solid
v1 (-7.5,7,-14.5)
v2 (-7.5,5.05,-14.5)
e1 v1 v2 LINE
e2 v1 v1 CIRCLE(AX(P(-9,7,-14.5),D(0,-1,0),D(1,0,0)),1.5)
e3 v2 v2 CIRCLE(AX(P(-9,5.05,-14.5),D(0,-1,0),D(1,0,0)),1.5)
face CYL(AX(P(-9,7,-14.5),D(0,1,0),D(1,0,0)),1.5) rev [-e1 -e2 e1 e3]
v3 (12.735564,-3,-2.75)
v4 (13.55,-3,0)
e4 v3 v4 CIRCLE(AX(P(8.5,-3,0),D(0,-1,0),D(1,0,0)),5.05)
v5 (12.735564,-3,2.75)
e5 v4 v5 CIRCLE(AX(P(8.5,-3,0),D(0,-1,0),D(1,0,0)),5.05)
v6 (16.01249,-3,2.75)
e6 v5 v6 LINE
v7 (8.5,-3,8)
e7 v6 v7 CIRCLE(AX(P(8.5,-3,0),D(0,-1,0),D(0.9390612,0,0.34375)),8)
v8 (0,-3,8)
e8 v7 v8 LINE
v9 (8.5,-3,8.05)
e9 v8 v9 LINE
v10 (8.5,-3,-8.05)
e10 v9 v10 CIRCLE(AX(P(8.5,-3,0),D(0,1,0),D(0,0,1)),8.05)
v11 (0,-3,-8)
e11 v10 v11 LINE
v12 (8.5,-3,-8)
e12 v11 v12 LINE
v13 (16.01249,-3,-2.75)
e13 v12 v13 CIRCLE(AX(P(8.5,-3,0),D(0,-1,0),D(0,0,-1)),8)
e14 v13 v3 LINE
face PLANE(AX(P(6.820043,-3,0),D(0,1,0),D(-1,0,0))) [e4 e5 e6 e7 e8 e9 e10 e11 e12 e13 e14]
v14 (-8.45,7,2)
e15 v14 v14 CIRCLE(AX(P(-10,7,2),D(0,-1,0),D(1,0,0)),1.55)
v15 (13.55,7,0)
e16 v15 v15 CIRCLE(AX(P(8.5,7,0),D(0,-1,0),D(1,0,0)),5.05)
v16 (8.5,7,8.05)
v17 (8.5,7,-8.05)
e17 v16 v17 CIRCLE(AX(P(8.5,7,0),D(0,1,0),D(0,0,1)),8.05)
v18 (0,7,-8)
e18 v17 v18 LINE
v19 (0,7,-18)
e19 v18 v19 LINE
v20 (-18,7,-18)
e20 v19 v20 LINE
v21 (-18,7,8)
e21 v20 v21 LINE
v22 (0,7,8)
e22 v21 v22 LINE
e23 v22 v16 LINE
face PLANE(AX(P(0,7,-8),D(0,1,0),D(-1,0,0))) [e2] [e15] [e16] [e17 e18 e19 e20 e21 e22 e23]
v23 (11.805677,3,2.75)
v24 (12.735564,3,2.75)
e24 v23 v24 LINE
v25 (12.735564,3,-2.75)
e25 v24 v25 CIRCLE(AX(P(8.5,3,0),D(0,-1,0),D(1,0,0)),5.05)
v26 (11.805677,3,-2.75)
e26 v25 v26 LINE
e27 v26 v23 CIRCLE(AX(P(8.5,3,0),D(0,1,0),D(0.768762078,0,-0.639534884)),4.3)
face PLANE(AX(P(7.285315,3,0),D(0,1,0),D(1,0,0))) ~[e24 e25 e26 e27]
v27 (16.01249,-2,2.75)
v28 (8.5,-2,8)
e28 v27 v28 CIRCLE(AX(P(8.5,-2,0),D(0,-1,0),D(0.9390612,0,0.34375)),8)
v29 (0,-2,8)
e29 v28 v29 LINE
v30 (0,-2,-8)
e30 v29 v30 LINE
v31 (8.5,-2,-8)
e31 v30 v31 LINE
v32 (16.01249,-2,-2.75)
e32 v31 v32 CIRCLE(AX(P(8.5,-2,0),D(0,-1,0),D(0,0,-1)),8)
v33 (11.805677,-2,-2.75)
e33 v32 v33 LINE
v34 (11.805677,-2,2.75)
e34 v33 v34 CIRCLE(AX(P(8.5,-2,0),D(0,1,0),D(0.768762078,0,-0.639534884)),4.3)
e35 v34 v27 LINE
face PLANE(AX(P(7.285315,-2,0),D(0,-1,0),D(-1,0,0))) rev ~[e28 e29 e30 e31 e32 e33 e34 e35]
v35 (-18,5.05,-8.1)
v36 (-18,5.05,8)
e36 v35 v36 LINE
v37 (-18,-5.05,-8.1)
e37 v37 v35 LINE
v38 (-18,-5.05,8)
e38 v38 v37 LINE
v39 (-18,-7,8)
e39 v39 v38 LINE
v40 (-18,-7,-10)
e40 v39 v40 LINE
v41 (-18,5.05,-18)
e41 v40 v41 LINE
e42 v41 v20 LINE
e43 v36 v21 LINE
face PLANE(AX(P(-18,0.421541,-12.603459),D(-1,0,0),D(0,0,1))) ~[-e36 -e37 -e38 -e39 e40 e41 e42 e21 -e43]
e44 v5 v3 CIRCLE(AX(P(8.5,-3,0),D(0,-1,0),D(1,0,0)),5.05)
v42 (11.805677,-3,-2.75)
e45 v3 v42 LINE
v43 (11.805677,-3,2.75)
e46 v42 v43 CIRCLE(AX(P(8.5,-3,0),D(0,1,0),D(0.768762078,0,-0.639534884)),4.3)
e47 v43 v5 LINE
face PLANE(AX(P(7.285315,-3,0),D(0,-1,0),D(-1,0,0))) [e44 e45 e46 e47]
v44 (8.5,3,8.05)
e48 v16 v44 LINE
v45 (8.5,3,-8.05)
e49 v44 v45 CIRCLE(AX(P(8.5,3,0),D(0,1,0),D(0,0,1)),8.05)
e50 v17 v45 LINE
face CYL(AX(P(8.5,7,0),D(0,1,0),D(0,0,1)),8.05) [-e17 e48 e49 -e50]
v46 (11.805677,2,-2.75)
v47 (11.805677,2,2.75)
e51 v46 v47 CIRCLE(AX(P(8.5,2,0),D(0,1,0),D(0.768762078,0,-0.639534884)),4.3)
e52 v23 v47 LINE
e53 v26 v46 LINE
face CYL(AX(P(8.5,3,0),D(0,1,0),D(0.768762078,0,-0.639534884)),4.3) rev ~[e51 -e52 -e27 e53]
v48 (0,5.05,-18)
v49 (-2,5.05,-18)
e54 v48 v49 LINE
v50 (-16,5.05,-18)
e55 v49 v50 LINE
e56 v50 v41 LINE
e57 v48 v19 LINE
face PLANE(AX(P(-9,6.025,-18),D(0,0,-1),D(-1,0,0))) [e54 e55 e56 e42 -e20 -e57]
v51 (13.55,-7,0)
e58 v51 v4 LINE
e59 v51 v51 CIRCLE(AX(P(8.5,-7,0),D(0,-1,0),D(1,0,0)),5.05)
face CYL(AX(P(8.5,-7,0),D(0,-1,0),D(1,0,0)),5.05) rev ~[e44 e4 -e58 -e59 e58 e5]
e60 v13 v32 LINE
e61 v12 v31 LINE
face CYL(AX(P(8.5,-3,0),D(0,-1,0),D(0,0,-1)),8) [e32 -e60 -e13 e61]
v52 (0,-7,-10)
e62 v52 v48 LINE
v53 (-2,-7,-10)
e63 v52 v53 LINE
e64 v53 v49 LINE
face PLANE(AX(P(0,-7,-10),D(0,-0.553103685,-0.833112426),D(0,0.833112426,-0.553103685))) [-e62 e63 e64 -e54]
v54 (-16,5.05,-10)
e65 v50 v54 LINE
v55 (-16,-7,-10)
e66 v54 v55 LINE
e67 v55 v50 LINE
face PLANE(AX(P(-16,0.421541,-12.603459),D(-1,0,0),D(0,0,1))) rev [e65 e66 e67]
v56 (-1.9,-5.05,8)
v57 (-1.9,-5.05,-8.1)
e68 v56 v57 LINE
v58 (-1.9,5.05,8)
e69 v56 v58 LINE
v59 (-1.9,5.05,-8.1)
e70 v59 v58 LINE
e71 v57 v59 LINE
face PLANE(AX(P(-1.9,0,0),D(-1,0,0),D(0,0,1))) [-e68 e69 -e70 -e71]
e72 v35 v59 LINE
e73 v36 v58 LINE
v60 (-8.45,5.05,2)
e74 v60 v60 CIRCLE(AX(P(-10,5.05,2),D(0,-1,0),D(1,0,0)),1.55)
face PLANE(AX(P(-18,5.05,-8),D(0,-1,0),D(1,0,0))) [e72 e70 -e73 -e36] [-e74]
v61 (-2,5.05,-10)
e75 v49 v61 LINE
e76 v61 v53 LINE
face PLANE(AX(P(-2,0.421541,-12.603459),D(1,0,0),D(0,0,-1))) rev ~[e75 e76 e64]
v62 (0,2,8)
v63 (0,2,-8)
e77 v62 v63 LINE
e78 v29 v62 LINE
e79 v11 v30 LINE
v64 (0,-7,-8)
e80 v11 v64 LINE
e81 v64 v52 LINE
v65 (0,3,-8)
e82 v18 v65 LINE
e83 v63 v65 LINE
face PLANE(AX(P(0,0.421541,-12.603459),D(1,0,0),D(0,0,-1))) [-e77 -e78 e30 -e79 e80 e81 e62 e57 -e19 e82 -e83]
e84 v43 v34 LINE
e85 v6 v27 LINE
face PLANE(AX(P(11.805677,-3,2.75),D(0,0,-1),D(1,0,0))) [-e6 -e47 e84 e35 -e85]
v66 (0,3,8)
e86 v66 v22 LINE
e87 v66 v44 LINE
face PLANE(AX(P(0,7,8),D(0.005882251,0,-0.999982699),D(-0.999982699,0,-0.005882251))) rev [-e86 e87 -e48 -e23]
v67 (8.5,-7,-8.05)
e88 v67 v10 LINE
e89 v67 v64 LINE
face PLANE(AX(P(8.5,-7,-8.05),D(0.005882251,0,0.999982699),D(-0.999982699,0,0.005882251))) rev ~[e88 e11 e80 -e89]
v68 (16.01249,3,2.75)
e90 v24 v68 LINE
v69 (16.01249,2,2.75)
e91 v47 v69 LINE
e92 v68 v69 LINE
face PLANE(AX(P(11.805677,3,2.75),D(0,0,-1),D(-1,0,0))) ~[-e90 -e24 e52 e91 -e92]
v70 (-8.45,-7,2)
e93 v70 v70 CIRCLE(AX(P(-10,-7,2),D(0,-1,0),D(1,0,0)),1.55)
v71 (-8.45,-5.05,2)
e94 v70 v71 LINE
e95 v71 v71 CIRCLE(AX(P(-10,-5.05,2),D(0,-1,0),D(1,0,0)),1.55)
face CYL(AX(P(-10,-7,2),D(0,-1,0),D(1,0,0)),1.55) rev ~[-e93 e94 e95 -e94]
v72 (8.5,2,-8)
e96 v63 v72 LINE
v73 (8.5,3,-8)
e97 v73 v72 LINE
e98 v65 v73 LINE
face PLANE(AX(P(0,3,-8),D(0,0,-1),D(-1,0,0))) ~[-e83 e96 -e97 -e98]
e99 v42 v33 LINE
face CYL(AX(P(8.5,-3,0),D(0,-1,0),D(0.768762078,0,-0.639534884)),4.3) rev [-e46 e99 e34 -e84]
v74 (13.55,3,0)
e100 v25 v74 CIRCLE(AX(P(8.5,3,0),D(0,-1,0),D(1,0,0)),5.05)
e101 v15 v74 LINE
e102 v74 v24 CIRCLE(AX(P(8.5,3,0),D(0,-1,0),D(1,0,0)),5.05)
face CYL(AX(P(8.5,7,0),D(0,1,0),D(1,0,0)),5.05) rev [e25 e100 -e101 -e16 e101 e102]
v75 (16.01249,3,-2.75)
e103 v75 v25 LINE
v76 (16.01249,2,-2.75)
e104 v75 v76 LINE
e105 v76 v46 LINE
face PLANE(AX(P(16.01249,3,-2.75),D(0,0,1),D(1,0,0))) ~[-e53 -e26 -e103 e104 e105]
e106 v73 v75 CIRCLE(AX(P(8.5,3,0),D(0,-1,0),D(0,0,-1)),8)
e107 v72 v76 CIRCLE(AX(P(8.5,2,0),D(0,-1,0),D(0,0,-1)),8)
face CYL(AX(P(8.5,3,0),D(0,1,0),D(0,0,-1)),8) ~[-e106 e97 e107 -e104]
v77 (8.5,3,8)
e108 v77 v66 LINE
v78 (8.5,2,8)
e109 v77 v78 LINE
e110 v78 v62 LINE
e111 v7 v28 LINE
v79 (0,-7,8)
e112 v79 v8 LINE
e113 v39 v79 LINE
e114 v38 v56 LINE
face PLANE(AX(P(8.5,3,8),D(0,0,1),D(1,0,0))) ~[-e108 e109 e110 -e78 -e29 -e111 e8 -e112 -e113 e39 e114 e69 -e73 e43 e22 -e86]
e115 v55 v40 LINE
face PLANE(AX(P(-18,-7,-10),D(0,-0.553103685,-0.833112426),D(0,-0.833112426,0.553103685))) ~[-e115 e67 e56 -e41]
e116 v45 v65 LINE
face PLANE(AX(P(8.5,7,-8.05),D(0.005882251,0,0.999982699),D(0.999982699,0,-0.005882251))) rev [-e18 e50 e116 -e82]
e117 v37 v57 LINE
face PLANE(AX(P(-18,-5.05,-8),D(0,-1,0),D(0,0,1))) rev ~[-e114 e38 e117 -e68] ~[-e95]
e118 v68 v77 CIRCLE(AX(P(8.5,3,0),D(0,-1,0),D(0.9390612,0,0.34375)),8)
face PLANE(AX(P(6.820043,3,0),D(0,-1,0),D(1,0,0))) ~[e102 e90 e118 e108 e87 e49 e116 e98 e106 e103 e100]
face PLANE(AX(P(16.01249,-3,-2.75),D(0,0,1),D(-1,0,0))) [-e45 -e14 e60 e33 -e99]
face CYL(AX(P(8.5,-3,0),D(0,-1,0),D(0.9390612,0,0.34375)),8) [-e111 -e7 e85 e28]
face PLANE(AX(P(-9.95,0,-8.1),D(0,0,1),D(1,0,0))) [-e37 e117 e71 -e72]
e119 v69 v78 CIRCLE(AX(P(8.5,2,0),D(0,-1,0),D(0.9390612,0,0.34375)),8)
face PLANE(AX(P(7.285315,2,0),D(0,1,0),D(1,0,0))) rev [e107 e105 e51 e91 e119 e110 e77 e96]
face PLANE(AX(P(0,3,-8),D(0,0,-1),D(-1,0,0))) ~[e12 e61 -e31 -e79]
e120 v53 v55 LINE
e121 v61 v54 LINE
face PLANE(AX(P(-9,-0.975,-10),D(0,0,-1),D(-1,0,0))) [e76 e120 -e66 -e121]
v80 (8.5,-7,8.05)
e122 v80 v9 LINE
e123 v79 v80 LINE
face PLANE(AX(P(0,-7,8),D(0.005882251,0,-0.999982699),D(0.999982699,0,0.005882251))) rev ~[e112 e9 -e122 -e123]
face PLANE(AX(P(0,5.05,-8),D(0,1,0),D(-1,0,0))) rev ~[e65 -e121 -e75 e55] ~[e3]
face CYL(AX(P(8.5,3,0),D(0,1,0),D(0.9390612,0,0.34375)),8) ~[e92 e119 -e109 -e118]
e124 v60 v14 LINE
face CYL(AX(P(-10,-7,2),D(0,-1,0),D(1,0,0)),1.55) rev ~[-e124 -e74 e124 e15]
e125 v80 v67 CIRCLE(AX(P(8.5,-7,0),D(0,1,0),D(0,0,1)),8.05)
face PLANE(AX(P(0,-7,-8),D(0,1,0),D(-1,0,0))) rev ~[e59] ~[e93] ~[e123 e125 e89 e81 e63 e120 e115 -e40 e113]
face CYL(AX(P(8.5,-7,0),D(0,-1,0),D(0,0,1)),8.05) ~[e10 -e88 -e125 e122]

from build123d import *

# Parameters (mm, degrees)
SKETCH1_W           = 18
SKETCH1_H           = 16
BOSS_EXTRUDE1_DEPTH = 7
SKETCH4_W           = 16
SKETCH4_H           = 10.1
CUT_EXTRUDE1_DEPTH  = 16.1
SKETCH5_R           = 5.05
BOSS_EXTRUDE2_DEPTH = 4
SKETCH7_W           = 18
SKETCH7_H           = 1.95
BOSS_EXTRUDE3_DEPTH = 10
SKETCH8_R           = 1.5
CUT_EXTRUDE2_DEPTH  = 1.95
BOSS_EXTRUDE4_DEPTH = 1
SKETCH10_R          = 1.55
CUT_EXTRUDE3_DEPTH  = 14
SKETCH13_W          = 18
SKETCH13_H          = 12.05
BOSS_EXTRUDE6_DEPTH = 2
BOSS_EXTRUDE7_DEPTH = 2
SKETCH15_W          = 16.1
SKETCH15_H          = 10.1
CUT_EXTRUDE4_DEPTH  = 0.1


with BuildPart() as part:
    # Sketch1 → Boss-Extrude1 (new body, symmetric)
    with BuildSketch(Plane(origin=(0, 0, 0), x_dir=(1, 0, 0), z_dir=(0, 1, 0))):
        with Locations((-9, 0)):
            Rectangle(SKETCH1_W, SKETCH1_H)
    extrude(amount=BOSS_EXTRUDE1_DEPTH, both=True)

    # Sketch4 → Cut-Extrude1 (cut)
    with BuildSketch(Plane.ZY.offset(18)):
        Rectangle(SKETCH4_W, SKETCH4_H)
    extrude(amount=-CUT_EXTRUDE1_DEPTH, mode=Mode.SUBTRACT)

    # Sketch5 → Boss-Extrude2 (add)
    with BuildSketch(Plane.XZ.offset(7)):
        with BuildLine():
            Line((0, 8), (8.5, 8.05))
            ThreePointArc((8.5, 8.05), (16.55, 0), (8.5, -8.05))
            Line((8.5, -8.05), (0, -8))
            Line((0, -8), (0, 8))
        make_face()
        with Locations((8.5, 0)):
            Circle(SKETCH5_R, mode=Mode.SUBTRACT)
    boss_extrude2 = extrude(amount=-BOSS_EXTRUDE2_DEPTH)

    # Mirror1: Boss-Extrude2 across plane
    add(boss_extrude2.mirror(Plane(origin=(0, 0, 0), x_dir=(0, 0, 1), z_dir=(0, -1, 0))))

    # Sketch7 → Boss-Extrude3 (add)
    with BuildSketch(Plane(origin=(0, 0, -8), x_dir=(-1, 0, 0), z_dir=(0, 0, -1))):
        with Locations((9, 6.025)):
            Rectangle(SKETCH7_W, SKETCH7_H)
    extrude(amount=BOSS_EXTRUDE3_DEPTH)

    # Sketch8 → Cut-Extrude2 (cut)
    with BuildSketch(Plane.XZ.offset(-7)):
        with Locations((-9, -14.5)):
            Circle(SKETCH8_R)
    extrude(amount=CUT_EXTRUDE2_DEPTH, mode=Mode.SUBTRACT)

    # Sketch9 → Boss-Extrude4 (add)
    with BuildSketch(Plane(origin=(0, -3, 0), x_dir=(1, 0, 0), z_dir=(0, 1, 0))):
        with BuildLine():
            Line((11.805676935, -2.75), (16.012489601, -2.75))
            ThreePointArc((16.012489601, -2.75), (13.082575695, -6.557438524), (8.5, -8))
            Line((8.5, -8), (0, -8))
            Line((0, -8), (0, 8))
            Line((0, 8), (8.5, 8))
            ThreePointArc((8.5, 8), (13.082575695, 6.557438524), (16.012489601, 2.75))
            Line((16.012489601, 2.75), (11.805676935, 2.75))
            ThreePointArc((11.805676935, 2.75), (4.2, 0), (11.805676935, -2.75))
        make_face()
    boss_extrude4 = extrude(amount=BOSS_EXTRUDE4_DEPTH)

    # Mirror2: Boss-Extrude4 across plane
    add(boss_extrude4.mirror(Plane(origin=(0, 0, 0), x_dir=(0, 0, 1), z_dir=(0, -1, 0))))

    # Sketch10 → Cut-Extrude3 (cut)
    with BuildSketch(Plane.XZ.offset(7)):
        with Locations((-10, 2)):
            Circle(SKETCH10_R)
    extrude(amount=-CUT_EXTRUDE3_DEPTH, mode=Mode.SUBTRACT)

    # Sketch13 → Boss-Extrude6 (add)
    with BuildSketch(Plane(origin=(0, 0, -8), x_dir=(-1, 0, 0), z_dir=(0, 0, -1))):
        with Locations((9, -0.975)):
            Rectangle(SKETCH13_W, SKETCH13_H)
    extrude(amount=BOSS_EXTRUDE6_DEPTH)

    # Sketch14 → Boss-Extrude7 (add)
    with BuildSketch(Plane(origin=(0, 0, 0), x_dir=(0, 0, -1), z_dir=(1, 0, 0))):
        Polygon((10, -7), (18, 5.05), (10, 5.05), align=None)
    boss_extrude7 = extrude(amount=-BOSS_EXTRUDE7_DEPTH)

    # Mirror3: Boss-Extrude7 across plane
    add(boss_extrude7.mirror(Plane(origin=(-9, 0, 0), x_dir=(0, 0, 1), z_dir=(1, 0, 0))))

    # Sketch15 → Cut-Extrude4 (cut)
    with BuildSketch(Plane.XY.offset(-8)):
        with Locations((-9.95, 0)):
            Rectangle(SKETCH15_W, SKETCH15_H)
    extrude(amount=-CUT_EXTRUDE4_DEPTH, mode=Mode.SUBTRACT)


solid = part.part
